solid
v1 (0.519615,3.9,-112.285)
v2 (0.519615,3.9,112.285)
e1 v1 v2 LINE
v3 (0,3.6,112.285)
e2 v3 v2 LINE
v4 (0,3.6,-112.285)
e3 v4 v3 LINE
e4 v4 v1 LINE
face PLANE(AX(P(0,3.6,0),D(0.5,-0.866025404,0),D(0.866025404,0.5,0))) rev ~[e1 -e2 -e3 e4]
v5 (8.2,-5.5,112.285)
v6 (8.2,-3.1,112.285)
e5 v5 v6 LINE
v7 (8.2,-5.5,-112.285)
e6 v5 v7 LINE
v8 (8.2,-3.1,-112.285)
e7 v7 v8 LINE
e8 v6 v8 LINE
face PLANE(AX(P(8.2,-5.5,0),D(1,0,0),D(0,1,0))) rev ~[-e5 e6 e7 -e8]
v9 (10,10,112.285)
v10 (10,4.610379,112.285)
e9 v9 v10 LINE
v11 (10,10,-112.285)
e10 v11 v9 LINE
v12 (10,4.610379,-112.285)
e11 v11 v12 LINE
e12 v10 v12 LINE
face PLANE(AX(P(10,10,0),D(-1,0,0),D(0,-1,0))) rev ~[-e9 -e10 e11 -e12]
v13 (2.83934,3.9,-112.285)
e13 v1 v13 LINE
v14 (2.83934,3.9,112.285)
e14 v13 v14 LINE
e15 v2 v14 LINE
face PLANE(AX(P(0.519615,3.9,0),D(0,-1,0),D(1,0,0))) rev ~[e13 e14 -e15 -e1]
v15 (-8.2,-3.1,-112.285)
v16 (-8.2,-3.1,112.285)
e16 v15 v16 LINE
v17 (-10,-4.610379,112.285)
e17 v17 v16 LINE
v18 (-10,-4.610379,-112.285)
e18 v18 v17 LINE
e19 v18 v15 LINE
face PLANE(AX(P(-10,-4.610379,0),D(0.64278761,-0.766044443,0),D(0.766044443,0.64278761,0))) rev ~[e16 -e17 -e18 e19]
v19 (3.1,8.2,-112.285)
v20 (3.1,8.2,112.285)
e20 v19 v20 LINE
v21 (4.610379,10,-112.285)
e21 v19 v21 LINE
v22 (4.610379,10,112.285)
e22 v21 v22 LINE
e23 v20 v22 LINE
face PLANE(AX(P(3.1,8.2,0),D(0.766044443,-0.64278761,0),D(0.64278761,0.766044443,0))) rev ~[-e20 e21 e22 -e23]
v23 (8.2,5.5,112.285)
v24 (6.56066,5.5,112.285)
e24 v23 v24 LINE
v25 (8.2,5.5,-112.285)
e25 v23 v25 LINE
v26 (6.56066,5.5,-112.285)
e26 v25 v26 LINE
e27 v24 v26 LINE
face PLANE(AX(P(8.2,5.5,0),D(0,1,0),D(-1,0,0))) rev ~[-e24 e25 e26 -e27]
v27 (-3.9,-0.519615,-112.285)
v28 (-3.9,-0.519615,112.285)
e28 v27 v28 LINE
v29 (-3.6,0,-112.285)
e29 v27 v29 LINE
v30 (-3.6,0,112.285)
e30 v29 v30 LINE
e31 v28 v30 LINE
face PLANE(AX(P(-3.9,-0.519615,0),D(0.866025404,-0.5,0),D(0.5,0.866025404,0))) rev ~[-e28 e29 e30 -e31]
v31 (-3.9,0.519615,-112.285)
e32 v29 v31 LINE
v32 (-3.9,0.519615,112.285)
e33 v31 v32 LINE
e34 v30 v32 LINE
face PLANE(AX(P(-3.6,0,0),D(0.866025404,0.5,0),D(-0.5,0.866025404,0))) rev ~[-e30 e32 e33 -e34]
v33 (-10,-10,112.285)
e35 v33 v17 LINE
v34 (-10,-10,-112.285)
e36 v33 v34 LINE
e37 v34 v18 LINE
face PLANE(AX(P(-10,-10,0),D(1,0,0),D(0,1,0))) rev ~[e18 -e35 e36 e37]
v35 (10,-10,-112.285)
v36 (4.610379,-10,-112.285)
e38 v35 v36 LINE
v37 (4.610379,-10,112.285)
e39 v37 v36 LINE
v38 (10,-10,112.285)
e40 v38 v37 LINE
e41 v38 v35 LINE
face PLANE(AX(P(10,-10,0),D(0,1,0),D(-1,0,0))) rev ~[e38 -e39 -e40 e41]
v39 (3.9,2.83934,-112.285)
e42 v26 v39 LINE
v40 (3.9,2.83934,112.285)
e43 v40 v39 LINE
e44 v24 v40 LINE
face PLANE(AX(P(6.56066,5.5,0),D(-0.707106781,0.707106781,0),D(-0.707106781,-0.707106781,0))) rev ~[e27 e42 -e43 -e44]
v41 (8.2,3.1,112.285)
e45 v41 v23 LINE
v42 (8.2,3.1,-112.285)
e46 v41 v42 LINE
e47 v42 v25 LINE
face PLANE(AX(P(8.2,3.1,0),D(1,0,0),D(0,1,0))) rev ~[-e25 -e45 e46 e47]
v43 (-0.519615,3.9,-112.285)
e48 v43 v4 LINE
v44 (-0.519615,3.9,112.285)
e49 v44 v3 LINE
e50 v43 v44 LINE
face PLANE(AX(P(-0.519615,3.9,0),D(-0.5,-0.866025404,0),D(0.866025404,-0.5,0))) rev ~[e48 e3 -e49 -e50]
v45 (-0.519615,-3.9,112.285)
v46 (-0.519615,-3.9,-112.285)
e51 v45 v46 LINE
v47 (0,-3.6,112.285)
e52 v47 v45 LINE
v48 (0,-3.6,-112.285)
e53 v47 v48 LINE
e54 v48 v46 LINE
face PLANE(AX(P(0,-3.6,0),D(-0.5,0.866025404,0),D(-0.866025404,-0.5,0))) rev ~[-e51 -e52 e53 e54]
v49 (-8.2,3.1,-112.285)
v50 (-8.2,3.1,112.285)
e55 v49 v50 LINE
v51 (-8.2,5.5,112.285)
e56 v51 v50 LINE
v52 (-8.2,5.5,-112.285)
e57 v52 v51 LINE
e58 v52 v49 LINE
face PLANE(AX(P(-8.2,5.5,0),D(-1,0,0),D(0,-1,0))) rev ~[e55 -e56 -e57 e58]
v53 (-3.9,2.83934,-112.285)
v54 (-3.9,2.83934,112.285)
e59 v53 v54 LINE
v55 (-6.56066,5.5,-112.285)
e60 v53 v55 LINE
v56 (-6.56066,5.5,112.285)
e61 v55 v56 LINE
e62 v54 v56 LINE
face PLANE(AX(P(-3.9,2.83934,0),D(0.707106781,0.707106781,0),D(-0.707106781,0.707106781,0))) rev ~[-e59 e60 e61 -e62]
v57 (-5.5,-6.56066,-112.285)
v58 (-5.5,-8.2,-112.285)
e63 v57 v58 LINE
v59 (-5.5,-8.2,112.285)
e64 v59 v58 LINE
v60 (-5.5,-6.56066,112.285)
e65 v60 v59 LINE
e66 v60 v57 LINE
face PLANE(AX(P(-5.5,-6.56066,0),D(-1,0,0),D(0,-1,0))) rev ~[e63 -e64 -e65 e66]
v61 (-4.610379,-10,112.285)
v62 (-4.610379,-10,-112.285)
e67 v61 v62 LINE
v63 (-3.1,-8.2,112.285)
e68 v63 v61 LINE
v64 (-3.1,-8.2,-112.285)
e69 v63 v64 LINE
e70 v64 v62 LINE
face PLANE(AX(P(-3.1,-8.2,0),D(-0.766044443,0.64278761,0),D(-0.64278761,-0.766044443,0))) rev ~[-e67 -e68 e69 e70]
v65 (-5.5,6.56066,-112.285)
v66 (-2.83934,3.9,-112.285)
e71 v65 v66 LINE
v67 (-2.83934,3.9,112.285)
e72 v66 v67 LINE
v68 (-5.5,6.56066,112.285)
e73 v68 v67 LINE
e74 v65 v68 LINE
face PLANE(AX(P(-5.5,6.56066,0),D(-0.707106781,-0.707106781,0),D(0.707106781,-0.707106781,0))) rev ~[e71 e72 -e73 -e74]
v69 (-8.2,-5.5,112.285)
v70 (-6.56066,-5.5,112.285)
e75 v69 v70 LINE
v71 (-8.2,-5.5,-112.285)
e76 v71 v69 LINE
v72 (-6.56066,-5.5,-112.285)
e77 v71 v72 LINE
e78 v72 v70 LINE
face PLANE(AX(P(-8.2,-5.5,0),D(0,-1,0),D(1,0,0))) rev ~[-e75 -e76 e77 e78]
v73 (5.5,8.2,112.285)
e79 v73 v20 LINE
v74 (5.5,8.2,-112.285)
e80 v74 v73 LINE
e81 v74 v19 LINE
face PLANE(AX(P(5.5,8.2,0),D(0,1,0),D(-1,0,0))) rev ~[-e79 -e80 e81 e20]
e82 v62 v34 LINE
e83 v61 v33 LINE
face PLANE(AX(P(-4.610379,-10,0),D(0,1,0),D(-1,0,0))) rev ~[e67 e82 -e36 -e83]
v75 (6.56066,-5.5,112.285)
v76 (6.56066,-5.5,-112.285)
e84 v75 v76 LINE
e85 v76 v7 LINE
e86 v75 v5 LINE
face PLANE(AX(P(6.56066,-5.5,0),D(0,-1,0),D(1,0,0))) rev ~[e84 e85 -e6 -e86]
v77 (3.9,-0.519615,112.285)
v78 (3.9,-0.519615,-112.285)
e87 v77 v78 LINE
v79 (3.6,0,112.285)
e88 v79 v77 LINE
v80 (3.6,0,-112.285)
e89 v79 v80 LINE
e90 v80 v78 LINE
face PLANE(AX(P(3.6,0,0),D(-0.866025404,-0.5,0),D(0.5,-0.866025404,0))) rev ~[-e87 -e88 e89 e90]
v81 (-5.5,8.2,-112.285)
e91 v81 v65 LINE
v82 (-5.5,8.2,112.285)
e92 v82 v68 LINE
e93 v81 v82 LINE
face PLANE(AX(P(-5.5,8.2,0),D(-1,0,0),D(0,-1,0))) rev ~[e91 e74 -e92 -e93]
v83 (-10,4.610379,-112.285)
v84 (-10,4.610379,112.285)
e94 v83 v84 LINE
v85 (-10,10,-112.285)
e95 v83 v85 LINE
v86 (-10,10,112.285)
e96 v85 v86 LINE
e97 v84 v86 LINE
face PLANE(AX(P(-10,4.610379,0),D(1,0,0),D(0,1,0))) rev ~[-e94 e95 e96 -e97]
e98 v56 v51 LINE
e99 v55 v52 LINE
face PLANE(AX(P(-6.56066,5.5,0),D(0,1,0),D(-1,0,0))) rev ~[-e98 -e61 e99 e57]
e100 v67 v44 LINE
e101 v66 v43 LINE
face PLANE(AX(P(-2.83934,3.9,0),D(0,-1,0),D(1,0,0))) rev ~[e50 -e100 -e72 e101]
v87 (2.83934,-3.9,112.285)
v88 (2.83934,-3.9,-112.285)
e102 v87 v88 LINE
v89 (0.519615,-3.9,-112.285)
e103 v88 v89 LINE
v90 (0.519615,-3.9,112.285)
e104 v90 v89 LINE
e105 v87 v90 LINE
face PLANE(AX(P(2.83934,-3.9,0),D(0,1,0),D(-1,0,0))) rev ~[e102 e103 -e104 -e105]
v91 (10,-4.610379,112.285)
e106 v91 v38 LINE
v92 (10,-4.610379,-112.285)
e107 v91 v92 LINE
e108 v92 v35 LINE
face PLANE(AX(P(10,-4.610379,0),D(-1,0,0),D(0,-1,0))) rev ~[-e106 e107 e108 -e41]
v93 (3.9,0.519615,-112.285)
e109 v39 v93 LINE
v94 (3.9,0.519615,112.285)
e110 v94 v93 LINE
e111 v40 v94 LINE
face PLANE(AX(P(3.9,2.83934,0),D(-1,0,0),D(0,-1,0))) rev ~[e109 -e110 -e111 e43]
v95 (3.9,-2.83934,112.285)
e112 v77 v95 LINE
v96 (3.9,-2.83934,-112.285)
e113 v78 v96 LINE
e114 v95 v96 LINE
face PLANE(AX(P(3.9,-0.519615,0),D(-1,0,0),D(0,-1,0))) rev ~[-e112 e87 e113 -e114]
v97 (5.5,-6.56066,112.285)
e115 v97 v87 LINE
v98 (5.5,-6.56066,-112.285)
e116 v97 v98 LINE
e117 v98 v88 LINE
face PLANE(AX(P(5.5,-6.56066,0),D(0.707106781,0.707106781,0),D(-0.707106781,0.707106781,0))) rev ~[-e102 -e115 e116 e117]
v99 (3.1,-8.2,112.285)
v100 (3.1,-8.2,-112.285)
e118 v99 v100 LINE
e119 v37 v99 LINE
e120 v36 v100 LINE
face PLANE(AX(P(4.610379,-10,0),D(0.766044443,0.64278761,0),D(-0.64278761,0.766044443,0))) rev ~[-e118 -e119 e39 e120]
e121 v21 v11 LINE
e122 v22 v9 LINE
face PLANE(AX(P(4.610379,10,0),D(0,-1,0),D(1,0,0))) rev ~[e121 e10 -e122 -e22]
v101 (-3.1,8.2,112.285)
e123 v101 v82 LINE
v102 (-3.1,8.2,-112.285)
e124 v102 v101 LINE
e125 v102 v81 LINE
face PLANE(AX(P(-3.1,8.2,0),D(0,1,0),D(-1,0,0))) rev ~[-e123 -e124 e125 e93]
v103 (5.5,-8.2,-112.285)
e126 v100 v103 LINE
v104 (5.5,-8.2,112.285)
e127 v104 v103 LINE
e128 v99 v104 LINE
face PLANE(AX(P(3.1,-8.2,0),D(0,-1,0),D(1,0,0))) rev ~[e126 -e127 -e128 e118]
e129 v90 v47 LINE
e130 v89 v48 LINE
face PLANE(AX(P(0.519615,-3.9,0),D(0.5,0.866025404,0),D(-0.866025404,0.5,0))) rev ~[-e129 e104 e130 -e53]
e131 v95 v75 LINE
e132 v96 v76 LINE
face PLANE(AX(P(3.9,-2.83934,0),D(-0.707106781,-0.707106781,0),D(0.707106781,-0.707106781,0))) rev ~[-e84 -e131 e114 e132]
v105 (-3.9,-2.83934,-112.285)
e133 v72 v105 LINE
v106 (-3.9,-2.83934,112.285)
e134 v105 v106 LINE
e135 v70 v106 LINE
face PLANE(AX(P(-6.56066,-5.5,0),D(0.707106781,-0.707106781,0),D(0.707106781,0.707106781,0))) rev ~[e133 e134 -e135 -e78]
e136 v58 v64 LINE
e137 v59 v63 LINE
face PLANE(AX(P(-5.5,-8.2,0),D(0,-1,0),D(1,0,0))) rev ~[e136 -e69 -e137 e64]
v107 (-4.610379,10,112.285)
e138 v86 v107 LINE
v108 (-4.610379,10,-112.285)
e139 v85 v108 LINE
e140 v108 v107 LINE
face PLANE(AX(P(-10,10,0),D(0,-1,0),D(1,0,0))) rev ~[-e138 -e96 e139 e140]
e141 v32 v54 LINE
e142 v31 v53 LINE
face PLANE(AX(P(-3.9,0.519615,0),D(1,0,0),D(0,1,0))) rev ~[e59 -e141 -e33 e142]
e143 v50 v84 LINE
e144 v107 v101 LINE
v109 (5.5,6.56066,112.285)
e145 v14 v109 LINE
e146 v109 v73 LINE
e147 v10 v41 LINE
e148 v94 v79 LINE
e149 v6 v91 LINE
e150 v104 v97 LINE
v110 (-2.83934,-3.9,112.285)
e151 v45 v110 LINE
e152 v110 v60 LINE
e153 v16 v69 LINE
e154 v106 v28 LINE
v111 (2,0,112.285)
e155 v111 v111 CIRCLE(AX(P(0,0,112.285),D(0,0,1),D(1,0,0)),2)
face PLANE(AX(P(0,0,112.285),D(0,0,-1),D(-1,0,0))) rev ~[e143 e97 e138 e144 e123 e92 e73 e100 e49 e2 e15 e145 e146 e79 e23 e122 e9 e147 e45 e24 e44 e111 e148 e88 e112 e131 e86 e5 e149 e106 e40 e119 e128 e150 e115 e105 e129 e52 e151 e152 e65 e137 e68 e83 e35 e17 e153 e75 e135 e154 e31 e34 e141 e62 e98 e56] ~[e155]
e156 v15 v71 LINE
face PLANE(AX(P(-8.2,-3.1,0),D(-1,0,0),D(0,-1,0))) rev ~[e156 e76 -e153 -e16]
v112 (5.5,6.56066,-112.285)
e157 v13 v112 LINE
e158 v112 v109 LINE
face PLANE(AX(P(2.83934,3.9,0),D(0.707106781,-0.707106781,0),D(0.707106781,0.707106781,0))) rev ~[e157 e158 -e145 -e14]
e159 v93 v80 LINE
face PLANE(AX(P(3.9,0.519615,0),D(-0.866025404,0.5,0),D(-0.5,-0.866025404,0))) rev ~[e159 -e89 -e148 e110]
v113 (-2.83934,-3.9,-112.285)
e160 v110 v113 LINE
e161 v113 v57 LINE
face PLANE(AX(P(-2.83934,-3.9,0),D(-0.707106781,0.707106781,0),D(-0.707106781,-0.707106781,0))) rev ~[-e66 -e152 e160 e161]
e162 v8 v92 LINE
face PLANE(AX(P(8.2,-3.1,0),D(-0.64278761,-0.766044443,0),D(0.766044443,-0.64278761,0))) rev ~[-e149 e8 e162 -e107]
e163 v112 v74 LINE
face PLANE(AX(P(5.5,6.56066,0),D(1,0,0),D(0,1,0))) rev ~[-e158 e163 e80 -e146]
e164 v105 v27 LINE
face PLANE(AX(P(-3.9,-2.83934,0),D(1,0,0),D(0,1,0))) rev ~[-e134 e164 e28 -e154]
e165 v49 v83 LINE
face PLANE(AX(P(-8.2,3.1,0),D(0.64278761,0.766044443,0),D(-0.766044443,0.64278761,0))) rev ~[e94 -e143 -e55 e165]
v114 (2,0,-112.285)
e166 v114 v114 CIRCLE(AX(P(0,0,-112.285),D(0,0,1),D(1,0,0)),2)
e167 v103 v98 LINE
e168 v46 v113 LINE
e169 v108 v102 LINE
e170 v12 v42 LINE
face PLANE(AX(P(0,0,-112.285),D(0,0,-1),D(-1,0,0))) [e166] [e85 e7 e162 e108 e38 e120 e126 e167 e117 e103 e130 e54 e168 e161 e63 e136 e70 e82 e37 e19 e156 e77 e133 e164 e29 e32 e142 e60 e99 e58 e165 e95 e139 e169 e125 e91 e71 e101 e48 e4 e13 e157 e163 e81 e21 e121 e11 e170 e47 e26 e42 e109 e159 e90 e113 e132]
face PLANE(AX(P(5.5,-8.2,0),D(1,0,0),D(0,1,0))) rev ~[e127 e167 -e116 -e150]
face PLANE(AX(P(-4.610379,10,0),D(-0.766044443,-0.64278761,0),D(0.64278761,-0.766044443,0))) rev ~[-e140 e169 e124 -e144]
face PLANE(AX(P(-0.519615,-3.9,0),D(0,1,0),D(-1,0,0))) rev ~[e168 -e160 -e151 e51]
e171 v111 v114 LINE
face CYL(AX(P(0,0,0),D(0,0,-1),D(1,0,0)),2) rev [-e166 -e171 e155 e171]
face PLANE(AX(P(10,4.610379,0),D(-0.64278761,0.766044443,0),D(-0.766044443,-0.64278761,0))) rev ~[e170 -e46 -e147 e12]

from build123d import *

# Parameters (mm, degrees)
SKETCH1_R           = 2
BOSS_EXTRUDE1_DEPTH = 112.285


with BuildPart() as part:
    # Sketch1 → Boss-Extrude1 (new body, symmetric)
    with BuildSketch(Plane.XY):
        Polygon((10, 10), (10, 4.610379336), (8.2, 3.1), (8.2, 5.5), (6.560660172, 5.5), (3.9, 2.839339828), (3.9, 0.519615242), (3.6, 0), (3.9, -0.519615242), (3.9, -2.839339828), (6.560660172, -5.5), (8.2, -5.5), (8.2, -3.1), (10, -4.610379336), (10, -10), (4.610379336, -10), (3.1, -8.2), (5.5, -8.2), (5.5, -6.560660172), (2.839339828, -3.9), (0.519615242, -3.9), (0, -3.6), (-0.519615242, -3.9), (-2.839339828, -3.9), (-5.5, -6.560660172), (-5.5, -8.2), (-3.1, -8.2), (-4.610379336, -10), (-10, -10), (-10, -4.610379336), (-8.2, -3.1), (-8.2, -5.5), (-6.560660172, -5.5), (-3.9, -2.839339828), (-3.9, -0.519615242), (-3.6, 0), (-3.9, 0.519615242), (-3.9, 2.839339828), (-6.560660172, 5.5), (-8.2, 5.5), (-8.2, 3.1), (-10, 4.610379336), (-10, 10), (-4.610379336, 10), (-3.1, 8.2), (-5.5, 8.2), (-5.5, 6.560660172), (-2.839339828, 3.9), (-0.519615242, 3.9), (0, 3.6), (0.519615242, 3.9), (2.839339828, 3.9), (5.5, 6.560660172), (5.5, 8.2), (3.1, 8.2), (4.610379336, 10), align=None)
        Circle(SKETCH1_R, mode=Mode.SUBTRACT)
    extrude(amount=BOSS_EXTRUDE1_DEPTH, both=True)


solid = part.part
